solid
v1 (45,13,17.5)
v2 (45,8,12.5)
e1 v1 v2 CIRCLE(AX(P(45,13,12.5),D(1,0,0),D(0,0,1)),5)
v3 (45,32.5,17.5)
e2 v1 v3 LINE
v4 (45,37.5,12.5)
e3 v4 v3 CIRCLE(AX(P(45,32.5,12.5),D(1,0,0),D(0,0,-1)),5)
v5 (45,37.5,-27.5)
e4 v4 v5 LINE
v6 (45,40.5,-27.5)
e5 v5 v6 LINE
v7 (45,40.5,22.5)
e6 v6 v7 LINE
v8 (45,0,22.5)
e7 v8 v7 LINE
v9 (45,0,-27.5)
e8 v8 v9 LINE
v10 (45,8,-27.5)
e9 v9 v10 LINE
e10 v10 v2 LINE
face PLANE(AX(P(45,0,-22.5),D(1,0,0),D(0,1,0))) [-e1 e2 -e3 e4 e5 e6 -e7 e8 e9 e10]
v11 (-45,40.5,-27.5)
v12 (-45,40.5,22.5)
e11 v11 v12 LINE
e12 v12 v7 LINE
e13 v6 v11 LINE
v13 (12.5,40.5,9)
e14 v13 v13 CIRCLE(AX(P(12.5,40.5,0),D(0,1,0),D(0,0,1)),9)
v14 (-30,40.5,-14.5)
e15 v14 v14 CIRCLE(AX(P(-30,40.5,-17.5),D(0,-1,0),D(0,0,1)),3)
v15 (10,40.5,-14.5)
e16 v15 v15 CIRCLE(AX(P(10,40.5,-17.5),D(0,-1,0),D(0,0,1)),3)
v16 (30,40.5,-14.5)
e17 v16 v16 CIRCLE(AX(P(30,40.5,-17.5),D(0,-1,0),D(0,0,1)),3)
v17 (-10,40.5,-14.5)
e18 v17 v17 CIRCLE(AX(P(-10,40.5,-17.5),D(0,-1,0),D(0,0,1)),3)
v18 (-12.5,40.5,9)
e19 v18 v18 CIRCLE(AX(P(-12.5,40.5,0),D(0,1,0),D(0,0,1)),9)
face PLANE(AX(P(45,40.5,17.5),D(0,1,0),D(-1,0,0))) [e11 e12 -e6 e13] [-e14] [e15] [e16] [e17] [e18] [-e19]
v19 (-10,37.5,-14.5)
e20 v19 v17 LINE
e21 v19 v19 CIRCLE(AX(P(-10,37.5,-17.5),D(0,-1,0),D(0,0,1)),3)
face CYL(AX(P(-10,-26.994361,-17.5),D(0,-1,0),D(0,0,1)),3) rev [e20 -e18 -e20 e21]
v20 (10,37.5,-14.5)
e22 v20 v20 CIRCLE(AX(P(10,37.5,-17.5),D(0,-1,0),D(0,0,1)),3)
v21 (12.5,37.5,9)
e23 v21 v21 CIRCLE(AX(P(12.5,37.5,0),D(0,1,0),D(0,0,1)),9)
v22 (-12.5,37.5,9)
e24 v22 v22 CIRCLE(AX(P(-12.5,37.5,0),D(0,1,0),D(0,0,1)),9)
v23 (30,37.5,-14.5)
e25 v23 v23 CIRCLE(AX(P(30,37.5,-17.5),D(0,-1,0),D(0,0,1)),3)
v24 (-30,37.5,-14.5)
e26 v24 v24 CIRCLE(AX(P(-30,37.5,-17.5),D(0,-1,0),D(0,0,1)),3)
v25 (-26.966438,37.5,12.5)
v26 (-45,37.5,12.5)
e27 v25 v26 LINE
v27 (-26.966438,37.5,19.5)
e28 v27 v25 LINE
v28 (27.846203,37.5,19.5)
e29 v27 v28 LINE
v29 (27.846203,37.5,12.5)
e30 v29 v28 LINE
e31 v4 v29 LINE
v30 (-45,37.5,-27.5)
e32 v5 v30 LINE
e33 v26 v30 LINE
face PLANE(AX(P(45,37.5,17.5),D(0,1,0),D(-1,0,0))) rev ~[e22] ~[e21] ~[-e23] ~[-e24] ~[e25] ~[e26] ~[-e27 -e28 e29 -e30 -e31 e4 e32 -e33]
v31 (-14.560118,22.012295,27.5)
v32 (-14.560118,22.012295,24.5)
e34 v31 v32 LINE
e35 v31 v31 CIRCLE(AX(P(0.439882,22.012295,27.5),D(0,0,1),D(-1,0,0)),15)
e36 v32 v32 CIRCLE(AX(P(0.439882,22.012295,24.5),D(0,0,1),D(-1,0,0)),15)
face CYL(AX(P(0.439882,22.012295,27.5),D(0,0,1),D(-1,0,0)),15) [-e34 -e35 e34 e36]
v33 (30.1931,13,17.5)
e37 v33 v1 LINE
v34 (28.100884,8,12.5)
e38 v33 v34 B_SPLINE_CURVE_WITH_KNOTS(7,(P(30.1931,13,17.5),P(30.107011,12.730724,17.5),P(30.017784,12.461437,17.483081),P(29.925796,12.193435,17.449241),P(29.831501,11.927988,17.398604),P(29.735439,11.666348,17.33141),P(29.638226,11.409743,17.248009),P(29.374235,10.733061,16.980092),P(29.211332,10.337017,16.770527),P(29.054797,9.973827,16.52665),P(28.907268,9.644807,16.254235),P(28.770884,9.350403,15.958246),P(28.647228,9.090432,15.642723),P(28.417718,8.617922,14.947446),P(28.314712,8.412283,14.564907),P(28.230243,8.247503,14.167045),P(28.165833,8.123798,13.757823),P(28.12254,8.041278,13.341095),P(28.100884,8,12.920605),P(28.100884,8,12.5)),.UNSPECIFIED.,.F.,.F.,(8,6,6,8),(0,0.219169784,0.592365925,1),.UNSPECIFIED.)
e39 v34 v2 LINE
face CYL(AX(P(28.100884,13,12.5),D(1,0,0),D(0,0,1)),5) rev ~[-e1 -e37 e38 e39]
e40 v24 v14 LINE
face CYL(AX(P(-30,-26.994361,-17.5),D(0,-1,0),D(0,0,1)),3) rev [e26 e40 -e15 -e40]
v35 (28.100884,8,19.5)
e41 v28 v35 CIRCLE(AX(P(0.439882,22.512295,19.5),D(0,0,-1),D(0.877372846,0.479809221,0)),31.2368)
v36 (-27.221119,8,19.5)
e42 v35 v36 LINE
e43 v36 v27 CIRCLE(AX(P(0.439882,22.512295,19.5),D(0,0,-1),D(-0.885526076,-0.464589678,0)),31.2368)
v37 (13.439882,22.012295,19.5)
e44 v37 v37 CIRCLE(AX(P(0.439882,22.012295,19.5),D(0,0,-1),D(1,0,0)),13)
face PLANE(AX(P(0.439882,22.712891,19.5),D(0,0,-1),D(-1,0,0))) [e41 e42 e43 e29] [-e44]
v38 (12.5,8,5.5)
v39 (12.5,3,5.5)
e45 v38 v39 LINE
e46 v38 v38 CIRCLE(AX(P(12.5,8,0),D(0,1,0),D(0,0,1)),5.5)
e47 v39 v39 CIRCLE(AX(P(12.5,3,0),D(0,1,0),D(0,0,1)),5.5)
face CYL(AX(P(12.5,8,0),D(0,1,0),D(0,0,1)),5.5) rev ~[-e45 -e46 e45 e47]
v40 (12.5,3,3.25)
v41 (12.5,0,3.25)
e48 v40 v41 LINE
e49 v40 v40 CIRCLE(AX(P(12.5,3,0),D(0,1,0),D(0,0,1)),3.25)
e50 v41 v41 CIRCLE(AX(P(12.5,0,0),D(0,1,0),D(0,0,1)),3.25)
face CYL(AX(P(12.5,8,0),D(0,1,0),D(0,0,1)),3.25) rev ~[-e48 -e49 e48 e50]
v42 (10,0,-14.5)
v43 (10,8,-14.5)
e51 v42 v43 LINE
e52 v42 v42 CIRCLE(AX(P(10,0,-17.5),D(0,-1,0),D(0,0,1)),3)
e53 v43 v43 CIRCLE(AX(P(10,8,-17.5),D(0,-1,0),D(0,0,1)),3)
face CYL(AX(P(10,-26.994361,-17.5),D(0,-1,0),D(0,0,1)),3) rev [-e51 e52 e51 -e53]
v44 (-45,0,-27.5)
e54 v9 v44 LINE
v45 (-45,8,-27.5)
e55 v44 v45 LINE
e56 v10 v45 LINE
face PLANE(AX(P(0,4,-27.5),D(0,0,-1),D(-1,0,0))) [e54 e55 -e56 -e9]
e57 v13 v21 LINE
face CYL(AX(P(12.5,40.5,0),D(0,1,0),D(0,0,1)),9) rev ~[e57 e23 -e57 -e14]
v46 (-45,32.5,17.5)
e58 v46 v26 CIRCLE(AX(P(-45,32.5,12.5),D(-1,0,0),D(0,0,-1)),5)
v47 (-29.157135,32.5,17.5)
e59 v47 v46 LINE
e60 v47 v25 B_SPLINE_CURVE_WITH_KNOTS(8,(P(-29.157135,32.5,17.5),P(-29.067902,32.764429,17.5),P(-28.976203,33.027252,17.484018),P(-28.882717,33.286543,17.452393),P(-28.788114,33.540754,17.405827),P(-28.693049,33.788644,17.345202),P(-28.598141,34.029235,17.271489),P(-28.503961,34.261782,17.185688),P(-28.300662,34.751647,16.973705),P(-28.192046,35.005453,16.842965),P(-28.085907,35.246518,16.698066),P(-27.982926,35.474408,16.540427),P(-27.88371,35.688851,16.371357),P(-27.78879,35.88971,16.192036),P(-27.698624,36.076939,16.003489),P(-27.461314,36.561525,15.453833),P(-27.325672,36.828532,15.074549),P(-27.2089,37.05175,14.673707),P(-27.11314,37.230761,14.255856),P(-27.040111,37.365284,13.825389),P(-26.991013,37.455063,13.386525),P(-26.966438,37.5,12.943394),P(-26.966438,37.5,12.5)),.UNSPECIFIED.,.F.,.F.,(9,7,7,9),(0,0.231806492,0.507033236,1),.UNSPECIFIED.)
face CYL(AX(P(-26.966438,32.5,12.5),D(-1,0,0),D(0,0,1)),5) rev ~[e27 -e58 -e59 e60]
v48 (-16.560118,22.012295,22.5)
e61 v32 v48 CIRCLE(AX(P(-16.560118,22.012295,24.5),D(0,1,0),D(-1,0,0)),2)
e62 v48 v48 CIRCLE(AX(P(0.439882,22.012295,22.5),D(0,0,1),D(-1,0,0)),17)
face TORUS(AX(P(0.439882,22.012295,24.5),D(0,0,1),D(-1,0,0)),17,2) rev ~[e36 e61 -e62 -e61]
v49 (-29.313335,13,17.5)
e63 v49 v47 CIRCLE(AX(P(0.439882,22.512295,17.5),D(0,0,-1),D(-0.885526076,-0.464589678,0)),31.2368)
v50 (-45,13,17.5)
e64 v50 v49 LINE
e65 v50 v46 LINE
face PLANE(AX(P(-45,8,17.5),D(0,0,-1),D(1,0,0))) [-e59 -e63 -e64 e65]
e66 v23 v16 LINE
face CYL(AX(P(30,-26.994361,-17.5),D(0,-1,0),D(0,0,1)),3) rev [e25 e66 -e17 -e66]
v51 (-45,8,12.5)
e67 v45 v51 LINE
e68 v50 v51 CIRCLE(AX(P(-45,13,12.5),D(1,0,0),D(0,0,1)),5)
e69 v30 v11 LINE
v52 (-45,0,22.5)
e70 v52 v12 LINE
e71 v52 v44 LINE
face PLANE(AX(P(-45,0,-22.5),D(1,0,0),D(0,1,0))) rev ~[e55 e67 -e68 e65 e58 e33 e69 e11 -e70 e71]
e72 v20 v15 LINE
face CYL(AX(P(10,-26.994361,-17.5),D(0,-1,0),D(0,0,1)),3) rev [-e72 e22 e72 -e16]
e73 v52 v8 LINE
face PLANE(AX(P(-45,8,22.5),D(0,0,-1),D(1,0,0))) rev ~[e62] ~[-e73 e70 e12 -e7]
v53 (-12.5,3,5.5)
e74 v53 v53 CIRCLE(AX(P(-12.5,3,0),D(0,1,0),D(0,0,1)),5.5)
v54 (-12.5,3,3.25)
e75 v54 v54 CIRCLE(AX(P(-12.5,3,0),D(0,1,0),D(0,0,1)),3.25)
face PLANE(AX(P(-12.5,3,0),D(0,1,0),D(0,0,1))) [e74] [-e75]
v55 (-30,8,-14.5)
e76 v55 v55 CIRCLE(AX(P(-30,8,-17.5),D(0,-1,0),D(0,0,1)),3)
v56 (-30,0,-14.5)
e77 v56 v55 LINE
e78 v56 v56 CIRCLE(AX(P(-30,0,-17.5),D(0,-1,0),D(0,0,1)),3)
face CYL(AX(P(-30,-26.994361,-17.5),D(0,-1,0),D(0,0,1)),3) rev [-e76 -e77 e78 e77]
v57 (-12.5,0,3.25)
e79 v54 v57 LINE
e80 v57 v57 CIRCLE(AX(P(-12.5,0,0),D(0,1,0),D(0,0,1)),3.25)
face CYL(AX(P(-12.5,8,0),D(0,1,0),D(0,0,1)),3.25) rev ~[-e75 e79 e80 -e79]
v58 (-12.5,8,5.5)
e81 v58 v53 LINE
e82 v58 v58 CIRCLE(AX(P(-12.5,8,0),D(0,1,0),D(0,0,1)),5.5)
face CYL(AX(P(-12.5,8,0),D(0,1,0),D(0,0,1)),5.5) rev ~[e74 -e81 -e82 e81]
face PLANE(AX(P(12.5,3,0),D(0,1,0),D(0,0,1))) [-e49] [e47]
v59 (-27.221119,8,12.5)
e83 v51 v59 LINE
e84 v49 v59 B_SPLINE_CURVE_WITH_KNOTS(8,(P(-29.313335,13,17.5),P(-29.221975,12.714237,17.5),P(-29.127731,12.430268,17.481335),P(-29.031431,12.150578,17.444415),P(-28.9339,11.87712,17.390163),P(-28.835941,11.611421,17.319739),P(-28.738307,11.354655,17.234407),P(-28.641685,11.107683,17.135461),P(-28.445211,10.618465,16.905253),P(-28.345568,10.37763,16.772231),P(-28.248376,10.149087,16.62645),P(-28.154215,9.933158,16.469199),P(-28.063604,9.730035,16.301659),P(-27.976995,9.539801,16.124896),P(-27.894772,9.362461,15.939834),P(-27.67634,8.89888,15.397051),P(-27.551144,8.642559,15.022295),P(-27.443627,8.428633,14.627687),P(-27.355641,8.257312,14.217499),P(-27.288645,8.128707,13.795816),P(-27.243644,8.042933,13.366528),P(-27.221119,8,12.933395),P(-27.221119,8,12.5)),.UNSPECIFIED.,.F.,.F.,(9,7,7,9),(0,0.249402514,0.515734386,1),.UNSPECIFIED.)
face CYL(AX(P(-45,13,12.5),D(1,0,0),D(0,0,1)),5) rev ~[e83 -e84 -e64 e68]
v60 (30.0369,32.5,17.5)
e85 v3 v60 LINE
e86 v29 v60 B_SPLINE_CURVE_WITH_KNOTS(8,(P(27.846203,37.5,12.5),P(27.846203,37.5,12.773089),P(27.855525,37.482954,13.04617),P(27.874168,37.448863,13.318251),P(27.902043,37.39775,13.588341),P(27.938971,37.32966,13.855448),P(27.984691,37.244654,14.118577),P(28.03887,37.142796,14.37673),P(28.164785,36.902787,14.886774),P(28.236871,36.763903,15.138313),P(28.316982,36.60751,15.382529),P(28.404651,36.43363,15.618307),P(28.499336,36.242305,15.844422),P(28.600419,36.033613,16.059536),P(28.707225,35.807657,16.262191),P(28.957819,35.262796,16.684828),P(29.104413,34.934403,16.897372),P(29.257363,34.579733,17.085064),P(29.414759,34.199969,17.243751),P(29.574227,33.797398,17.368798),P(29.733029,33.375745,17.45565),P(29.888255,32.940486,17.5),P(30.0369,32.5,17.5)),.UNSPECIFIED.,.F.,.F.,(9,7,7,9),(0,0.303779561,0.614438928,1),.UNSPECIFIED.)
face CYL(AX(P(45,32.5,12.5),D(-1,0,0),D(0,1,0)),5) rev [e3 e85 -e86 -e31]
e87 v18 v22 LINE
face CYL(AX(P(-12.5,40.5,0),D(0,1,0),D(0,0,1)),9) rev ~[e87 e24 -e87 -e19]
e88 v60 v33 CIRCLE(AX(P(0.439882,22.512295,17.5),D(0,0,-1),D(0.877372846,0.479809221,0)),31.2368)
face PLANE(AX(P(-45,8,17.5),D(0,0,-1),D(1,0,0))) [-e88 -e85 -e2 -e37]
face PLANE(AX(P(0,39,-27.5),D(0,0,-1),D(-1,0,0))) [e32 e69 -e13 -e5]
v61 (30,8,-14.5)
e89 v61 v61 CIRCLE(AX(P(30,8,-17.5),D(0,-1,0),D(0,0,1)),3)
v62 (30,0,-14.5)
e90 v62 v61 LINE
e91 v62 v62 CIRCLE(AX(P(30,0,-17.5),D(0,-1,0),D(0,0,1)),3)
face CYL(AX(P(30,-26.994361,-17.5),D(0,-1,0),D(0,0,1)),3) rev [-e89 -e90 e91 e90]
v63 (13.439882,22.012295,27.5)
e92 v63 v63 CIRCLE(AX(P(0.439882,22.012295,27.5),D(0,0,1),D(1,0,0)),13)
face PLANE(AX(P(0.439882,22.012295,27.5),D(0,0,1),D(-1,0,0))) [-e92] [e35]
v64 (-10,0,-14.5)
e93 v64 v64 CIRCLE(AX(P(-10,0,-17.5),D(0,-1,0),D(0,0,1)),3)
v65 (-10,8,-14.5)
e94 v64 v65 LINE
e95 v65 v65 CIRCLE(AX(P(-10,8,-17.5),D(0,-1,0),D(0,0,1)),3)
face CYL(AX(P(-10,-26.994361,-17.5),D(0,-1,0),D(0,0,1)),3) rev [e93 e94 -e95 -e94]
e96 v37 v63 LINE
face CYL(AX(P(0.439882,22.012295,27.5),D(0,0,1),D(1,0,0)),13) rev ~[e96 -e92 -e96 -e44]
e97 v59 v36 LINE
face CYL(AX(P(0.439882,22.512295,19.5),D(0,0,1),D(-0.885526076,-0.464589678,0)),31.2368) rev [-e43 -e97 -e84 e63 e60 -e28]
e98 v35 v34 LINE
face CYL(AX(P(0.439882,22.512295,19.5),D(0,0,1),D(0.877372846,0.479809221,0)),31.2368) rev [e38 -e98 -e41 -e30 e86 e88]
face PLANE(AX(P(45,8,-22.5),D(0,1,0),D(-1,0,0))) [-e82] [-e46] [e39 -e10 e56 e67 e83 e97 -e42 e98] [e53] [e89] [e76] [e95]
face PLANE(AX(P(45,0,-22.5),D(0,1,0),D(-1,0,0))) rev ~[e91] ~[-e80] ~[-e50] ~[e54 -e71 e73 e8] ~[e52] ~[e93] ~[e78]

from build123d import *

# Parameters (mm, degrees)
SKETCH2_W               = 90
SKETCH2_H               = 45
BOSS_EXTRUDE1_DEPTH     = 8
SKETCH3_R               = 3.25
CUT_EXTRUDE1_DEPTH      = 10
SKETCH5_R               = 5.5
CUT_EXTRUDE2_DEPTH      = 5
SKETCH6_W               = 90
SKETCH6_H               = 5
BOSS_EXTRUDE2_DEPTH     = 32.5
SKETCH7_W               = 90
SKETCH7_H               = 3
BOSS_EXTRUDE3_DEPTH     = 45
SKETCH8_R               = 13
CUT_EXTRUDE4_DEPTH      = 13
BOSS_EXTRUDE6_START     = 5
SKETCH11_R              = 15
SKETCH11_R_2            = 13
BOSS_EXTRUDE6_DEPTH     = 5
FILLET1_R               = 2
CUT_EXTRUDE5_START      = -2
SKETCH12_R              = 13
CUT_EXTRUDE5_DEPTH      = 2
CUT_EXTRUDE6_DEPTH      = 67.494360663
CUT_EXTRUDE6_DEPTH_BACK = 67.494360663
SKETCH13_R              = 3
SKETCH14_R              = 9
CUT_EXTRUDE7_DEPTH      = 12
SKETCH16_W              = 90
SKETCH16_H              = 8
BOSS_EXTRUDE7_DEPTH     = 5
FILLET2_R               = 5


with BuildPart() as part:
    # Sketch2 → Boss-Extrude1 (new body)
    with BuildSketch(Plane(origin=(0, 0, 0), x_dir=(1, 0, 0), z_dir=(0, 1, 0))):
        Rectangle(SKETCH2_W, SKETCH2_H)
    extrude(amount=BOSS_EXTRUDE1_DEPTH)

    # Sketch3 → Cut-Extrude1 (cut)
    with BuildSketch(Plane(origin=(0, 8, 0), x_dir=(1, 0, 0), z_dir=(0, 1, 0))):
        with Locations(Location((12.5, 0, 0), (0, 0, 270))):
            Circle(SKETCH3_R)
        with Locations(Location((-12.5, 0, 0), (0, 0, 270))):
            Circle(SKETCH3_R)
    extrude(amount=-CUT_EXTRUDE1_DEPTH, mode=Mode.SUBTRACT)

    # Sketch5 → Cut-Extrude2 (cut)
    with BuildSketch(Plane(origin=(0, 8, 0), x_dir=(1, 0, 0), z_dir=(0, 1, 0))):
        with Locations(Location((-12.5, 0, 0), (0, 0, 270))):
            Circle(SKETCH5_R)
        with Locations(Location((12.5, 0, 0), (0, 0, 270))):
            Circle(SKETCH5_R)
    extrude(amount=-CUT_EXTRUDE2_DEPTH, mode=Mode.SUBTRACT)

    # Sketch6 → Boss-Extrude2 (add)
    with BuildSketch(Plane(origin=(0, 8, 0), x_dir=(1, 0, 0), z_dir=(0, 1, 0))):
        with Locations((0, -20)):
            Rectangle(SKETCH6_W, SKETCH6_H)
    extrude(amount=BOSS_EXTRUDE2_DEPTH)

    # Sketch7 → Boss-Extrude3 (add)
    with BuildSketch(Plane(origin=(0, 0, 17.5), x_dir=(-1, 0, 0), z_dir=(0, 0, -1))):
        with Locations((0, 39)):
            Rectangle(SKETCH7_W, SKETCH7_H)
    extrude(amount=BOSS_EXTRUDE3_DEPTH)

    # Sketch8 → Cut-Extrude4 (cut)
    with BuildSketch(Plane.XY.offset(22.5)):
        with Locations((0.439882225, 22.012295082)):
            Circle(SKETCH8_R)
    extrude(amount=-CUT_EXTRUDE4_DEPTH, mode=Mode.SUBTRACT)

    # Sketch11 → Boss-Extrude6 (add)
    with BuildSketch(Plane.XY.offset(22.5).offset(BOSS_EXTRUDE6_START)):
        with Locations(Location((0.439882225, 22.012295082, 0), (0, 0, 180))):
            Circle(SKETCH11_R)
        with Locations((0.439882225, 22.012295082)):
            Circle(SKETCH11_R_2, mode=Mode.SUBTRACT)
    extrude(amount=-BOSS_EXTRUDE6_DEPTH)

    # Fillet1
    fillet1_edges = [part.edges().sort_by_distance(p)[0] for p in [
        (15.439882225, 22.012295082, 22.5),
    ]]
    fillet(fillet1_edges, radius=FILLET1_R)

    # Sketch12 → Cut-Extrude5 (cut)
    with BuildSketch(Plane(origin=(0, 0, 17.5), x_dir=(-1, 0, 0), z_dir=(0, 0, -1)).offset(CUT_EXTRUDE5_START)):
        with BuildLine():
            Line((-28.100883588, 8), (27.221119137, 8))
            ThreePointArc((27.221119137, 8), (30.795754245, 22.781960072), (26.966438327, 37.5))
            Line((26.966438327, 37.5), (-27.846202777, 37.5))
            ThreePointArc((-27.846202777, 37.5), (-31.675518695, 22.781960072), (-28.100883588, 8))
        make_face()
        with Locations(Location((-0.439882225, 22.012295082, 0), (0, 0, 180))):
            Circle(SKETCH12_R, mode=Mode.SUBTRACT)
    extrude(amount=CUT_EXTRUDE5_DEPTH, mode=Mode.SUBTRACT)

    # Sketch13 → Cut-Extrude6 (cut, two sides: drawn at the far end of the back side and taken through both)
    with BuildSketch(Plane(origin=(0, 40.5, 0), x_dir=(1, 0, 0), z_dir=(0, 1, 0)).offset(-CUT_EXTRUDE6_DEPTH_BACK)):
        with Locations(Location((-30, 17.5, 0), (0, 0, 270))):
            Circle(SKETCH13_R)
        with Locations(Location((-10, 17.5, 0), (0, 0, 270))):
            Circle(SKETCH13_R)
        with Locations(Location((10, 17.5, 0), (0, 0, 270))):
            Circle(SKETCH13_R)
        with Locations(Location((30, 17.5, 0), (0, 0, 270))):
            Circle(SKETCH13_R)
    extrude(amount=CUT_EXTRUDE6_DEPTH + CUT_EXTRUDE6_DEPTH_BACK, mode=Mode.SUBTRACT)

    # Sketch14 → Cut-Extrude7 (cut)
    with BuildSketch(Plane(origin=(0, 40.5, 0), x_dir=(1, 0, 0), z_dir=(0, 1, 0))):
        with Locations(Location((-12.5, 0, 0), (0, 0, 270))):
            Circle(SKETCH14_R)
        with Locations(Location((12.5, 0, 0), (0, 0, 270))):
            Circle(SKETCH14_R)
    extrude(amount=-CUT_EXTRUDE7_DEPTH, mode=Mode.SUBTRACT)

    # Sketch16 → Boss-Extrude7 (add)
    with BuildSketch(Plane(origin=(0, 0, -22.5), x_dir=(-1, 0, 0), z_dir=(0, 0, -1))):
        with Locations((0, 4)):
            Rectangle(SKETCH16_W, SKETCH16_H)
    extrude(amount=BOSS_EXTRUDE7_DEPTH)

    # Fillet2
    fillet2_edges = [part.edges().sort_by_distance(p)[0] for p in [
        (36.550441794, 8, 17.5),
        (36.423101389, 37.5, 17.5),
        (-35.983219164, 37.5, 17.5),
        (-36.110559569, 8, 17.5),
    ]]
    fillet(fillet2_edges, radius=FILLET2_R)


solid = part.part
